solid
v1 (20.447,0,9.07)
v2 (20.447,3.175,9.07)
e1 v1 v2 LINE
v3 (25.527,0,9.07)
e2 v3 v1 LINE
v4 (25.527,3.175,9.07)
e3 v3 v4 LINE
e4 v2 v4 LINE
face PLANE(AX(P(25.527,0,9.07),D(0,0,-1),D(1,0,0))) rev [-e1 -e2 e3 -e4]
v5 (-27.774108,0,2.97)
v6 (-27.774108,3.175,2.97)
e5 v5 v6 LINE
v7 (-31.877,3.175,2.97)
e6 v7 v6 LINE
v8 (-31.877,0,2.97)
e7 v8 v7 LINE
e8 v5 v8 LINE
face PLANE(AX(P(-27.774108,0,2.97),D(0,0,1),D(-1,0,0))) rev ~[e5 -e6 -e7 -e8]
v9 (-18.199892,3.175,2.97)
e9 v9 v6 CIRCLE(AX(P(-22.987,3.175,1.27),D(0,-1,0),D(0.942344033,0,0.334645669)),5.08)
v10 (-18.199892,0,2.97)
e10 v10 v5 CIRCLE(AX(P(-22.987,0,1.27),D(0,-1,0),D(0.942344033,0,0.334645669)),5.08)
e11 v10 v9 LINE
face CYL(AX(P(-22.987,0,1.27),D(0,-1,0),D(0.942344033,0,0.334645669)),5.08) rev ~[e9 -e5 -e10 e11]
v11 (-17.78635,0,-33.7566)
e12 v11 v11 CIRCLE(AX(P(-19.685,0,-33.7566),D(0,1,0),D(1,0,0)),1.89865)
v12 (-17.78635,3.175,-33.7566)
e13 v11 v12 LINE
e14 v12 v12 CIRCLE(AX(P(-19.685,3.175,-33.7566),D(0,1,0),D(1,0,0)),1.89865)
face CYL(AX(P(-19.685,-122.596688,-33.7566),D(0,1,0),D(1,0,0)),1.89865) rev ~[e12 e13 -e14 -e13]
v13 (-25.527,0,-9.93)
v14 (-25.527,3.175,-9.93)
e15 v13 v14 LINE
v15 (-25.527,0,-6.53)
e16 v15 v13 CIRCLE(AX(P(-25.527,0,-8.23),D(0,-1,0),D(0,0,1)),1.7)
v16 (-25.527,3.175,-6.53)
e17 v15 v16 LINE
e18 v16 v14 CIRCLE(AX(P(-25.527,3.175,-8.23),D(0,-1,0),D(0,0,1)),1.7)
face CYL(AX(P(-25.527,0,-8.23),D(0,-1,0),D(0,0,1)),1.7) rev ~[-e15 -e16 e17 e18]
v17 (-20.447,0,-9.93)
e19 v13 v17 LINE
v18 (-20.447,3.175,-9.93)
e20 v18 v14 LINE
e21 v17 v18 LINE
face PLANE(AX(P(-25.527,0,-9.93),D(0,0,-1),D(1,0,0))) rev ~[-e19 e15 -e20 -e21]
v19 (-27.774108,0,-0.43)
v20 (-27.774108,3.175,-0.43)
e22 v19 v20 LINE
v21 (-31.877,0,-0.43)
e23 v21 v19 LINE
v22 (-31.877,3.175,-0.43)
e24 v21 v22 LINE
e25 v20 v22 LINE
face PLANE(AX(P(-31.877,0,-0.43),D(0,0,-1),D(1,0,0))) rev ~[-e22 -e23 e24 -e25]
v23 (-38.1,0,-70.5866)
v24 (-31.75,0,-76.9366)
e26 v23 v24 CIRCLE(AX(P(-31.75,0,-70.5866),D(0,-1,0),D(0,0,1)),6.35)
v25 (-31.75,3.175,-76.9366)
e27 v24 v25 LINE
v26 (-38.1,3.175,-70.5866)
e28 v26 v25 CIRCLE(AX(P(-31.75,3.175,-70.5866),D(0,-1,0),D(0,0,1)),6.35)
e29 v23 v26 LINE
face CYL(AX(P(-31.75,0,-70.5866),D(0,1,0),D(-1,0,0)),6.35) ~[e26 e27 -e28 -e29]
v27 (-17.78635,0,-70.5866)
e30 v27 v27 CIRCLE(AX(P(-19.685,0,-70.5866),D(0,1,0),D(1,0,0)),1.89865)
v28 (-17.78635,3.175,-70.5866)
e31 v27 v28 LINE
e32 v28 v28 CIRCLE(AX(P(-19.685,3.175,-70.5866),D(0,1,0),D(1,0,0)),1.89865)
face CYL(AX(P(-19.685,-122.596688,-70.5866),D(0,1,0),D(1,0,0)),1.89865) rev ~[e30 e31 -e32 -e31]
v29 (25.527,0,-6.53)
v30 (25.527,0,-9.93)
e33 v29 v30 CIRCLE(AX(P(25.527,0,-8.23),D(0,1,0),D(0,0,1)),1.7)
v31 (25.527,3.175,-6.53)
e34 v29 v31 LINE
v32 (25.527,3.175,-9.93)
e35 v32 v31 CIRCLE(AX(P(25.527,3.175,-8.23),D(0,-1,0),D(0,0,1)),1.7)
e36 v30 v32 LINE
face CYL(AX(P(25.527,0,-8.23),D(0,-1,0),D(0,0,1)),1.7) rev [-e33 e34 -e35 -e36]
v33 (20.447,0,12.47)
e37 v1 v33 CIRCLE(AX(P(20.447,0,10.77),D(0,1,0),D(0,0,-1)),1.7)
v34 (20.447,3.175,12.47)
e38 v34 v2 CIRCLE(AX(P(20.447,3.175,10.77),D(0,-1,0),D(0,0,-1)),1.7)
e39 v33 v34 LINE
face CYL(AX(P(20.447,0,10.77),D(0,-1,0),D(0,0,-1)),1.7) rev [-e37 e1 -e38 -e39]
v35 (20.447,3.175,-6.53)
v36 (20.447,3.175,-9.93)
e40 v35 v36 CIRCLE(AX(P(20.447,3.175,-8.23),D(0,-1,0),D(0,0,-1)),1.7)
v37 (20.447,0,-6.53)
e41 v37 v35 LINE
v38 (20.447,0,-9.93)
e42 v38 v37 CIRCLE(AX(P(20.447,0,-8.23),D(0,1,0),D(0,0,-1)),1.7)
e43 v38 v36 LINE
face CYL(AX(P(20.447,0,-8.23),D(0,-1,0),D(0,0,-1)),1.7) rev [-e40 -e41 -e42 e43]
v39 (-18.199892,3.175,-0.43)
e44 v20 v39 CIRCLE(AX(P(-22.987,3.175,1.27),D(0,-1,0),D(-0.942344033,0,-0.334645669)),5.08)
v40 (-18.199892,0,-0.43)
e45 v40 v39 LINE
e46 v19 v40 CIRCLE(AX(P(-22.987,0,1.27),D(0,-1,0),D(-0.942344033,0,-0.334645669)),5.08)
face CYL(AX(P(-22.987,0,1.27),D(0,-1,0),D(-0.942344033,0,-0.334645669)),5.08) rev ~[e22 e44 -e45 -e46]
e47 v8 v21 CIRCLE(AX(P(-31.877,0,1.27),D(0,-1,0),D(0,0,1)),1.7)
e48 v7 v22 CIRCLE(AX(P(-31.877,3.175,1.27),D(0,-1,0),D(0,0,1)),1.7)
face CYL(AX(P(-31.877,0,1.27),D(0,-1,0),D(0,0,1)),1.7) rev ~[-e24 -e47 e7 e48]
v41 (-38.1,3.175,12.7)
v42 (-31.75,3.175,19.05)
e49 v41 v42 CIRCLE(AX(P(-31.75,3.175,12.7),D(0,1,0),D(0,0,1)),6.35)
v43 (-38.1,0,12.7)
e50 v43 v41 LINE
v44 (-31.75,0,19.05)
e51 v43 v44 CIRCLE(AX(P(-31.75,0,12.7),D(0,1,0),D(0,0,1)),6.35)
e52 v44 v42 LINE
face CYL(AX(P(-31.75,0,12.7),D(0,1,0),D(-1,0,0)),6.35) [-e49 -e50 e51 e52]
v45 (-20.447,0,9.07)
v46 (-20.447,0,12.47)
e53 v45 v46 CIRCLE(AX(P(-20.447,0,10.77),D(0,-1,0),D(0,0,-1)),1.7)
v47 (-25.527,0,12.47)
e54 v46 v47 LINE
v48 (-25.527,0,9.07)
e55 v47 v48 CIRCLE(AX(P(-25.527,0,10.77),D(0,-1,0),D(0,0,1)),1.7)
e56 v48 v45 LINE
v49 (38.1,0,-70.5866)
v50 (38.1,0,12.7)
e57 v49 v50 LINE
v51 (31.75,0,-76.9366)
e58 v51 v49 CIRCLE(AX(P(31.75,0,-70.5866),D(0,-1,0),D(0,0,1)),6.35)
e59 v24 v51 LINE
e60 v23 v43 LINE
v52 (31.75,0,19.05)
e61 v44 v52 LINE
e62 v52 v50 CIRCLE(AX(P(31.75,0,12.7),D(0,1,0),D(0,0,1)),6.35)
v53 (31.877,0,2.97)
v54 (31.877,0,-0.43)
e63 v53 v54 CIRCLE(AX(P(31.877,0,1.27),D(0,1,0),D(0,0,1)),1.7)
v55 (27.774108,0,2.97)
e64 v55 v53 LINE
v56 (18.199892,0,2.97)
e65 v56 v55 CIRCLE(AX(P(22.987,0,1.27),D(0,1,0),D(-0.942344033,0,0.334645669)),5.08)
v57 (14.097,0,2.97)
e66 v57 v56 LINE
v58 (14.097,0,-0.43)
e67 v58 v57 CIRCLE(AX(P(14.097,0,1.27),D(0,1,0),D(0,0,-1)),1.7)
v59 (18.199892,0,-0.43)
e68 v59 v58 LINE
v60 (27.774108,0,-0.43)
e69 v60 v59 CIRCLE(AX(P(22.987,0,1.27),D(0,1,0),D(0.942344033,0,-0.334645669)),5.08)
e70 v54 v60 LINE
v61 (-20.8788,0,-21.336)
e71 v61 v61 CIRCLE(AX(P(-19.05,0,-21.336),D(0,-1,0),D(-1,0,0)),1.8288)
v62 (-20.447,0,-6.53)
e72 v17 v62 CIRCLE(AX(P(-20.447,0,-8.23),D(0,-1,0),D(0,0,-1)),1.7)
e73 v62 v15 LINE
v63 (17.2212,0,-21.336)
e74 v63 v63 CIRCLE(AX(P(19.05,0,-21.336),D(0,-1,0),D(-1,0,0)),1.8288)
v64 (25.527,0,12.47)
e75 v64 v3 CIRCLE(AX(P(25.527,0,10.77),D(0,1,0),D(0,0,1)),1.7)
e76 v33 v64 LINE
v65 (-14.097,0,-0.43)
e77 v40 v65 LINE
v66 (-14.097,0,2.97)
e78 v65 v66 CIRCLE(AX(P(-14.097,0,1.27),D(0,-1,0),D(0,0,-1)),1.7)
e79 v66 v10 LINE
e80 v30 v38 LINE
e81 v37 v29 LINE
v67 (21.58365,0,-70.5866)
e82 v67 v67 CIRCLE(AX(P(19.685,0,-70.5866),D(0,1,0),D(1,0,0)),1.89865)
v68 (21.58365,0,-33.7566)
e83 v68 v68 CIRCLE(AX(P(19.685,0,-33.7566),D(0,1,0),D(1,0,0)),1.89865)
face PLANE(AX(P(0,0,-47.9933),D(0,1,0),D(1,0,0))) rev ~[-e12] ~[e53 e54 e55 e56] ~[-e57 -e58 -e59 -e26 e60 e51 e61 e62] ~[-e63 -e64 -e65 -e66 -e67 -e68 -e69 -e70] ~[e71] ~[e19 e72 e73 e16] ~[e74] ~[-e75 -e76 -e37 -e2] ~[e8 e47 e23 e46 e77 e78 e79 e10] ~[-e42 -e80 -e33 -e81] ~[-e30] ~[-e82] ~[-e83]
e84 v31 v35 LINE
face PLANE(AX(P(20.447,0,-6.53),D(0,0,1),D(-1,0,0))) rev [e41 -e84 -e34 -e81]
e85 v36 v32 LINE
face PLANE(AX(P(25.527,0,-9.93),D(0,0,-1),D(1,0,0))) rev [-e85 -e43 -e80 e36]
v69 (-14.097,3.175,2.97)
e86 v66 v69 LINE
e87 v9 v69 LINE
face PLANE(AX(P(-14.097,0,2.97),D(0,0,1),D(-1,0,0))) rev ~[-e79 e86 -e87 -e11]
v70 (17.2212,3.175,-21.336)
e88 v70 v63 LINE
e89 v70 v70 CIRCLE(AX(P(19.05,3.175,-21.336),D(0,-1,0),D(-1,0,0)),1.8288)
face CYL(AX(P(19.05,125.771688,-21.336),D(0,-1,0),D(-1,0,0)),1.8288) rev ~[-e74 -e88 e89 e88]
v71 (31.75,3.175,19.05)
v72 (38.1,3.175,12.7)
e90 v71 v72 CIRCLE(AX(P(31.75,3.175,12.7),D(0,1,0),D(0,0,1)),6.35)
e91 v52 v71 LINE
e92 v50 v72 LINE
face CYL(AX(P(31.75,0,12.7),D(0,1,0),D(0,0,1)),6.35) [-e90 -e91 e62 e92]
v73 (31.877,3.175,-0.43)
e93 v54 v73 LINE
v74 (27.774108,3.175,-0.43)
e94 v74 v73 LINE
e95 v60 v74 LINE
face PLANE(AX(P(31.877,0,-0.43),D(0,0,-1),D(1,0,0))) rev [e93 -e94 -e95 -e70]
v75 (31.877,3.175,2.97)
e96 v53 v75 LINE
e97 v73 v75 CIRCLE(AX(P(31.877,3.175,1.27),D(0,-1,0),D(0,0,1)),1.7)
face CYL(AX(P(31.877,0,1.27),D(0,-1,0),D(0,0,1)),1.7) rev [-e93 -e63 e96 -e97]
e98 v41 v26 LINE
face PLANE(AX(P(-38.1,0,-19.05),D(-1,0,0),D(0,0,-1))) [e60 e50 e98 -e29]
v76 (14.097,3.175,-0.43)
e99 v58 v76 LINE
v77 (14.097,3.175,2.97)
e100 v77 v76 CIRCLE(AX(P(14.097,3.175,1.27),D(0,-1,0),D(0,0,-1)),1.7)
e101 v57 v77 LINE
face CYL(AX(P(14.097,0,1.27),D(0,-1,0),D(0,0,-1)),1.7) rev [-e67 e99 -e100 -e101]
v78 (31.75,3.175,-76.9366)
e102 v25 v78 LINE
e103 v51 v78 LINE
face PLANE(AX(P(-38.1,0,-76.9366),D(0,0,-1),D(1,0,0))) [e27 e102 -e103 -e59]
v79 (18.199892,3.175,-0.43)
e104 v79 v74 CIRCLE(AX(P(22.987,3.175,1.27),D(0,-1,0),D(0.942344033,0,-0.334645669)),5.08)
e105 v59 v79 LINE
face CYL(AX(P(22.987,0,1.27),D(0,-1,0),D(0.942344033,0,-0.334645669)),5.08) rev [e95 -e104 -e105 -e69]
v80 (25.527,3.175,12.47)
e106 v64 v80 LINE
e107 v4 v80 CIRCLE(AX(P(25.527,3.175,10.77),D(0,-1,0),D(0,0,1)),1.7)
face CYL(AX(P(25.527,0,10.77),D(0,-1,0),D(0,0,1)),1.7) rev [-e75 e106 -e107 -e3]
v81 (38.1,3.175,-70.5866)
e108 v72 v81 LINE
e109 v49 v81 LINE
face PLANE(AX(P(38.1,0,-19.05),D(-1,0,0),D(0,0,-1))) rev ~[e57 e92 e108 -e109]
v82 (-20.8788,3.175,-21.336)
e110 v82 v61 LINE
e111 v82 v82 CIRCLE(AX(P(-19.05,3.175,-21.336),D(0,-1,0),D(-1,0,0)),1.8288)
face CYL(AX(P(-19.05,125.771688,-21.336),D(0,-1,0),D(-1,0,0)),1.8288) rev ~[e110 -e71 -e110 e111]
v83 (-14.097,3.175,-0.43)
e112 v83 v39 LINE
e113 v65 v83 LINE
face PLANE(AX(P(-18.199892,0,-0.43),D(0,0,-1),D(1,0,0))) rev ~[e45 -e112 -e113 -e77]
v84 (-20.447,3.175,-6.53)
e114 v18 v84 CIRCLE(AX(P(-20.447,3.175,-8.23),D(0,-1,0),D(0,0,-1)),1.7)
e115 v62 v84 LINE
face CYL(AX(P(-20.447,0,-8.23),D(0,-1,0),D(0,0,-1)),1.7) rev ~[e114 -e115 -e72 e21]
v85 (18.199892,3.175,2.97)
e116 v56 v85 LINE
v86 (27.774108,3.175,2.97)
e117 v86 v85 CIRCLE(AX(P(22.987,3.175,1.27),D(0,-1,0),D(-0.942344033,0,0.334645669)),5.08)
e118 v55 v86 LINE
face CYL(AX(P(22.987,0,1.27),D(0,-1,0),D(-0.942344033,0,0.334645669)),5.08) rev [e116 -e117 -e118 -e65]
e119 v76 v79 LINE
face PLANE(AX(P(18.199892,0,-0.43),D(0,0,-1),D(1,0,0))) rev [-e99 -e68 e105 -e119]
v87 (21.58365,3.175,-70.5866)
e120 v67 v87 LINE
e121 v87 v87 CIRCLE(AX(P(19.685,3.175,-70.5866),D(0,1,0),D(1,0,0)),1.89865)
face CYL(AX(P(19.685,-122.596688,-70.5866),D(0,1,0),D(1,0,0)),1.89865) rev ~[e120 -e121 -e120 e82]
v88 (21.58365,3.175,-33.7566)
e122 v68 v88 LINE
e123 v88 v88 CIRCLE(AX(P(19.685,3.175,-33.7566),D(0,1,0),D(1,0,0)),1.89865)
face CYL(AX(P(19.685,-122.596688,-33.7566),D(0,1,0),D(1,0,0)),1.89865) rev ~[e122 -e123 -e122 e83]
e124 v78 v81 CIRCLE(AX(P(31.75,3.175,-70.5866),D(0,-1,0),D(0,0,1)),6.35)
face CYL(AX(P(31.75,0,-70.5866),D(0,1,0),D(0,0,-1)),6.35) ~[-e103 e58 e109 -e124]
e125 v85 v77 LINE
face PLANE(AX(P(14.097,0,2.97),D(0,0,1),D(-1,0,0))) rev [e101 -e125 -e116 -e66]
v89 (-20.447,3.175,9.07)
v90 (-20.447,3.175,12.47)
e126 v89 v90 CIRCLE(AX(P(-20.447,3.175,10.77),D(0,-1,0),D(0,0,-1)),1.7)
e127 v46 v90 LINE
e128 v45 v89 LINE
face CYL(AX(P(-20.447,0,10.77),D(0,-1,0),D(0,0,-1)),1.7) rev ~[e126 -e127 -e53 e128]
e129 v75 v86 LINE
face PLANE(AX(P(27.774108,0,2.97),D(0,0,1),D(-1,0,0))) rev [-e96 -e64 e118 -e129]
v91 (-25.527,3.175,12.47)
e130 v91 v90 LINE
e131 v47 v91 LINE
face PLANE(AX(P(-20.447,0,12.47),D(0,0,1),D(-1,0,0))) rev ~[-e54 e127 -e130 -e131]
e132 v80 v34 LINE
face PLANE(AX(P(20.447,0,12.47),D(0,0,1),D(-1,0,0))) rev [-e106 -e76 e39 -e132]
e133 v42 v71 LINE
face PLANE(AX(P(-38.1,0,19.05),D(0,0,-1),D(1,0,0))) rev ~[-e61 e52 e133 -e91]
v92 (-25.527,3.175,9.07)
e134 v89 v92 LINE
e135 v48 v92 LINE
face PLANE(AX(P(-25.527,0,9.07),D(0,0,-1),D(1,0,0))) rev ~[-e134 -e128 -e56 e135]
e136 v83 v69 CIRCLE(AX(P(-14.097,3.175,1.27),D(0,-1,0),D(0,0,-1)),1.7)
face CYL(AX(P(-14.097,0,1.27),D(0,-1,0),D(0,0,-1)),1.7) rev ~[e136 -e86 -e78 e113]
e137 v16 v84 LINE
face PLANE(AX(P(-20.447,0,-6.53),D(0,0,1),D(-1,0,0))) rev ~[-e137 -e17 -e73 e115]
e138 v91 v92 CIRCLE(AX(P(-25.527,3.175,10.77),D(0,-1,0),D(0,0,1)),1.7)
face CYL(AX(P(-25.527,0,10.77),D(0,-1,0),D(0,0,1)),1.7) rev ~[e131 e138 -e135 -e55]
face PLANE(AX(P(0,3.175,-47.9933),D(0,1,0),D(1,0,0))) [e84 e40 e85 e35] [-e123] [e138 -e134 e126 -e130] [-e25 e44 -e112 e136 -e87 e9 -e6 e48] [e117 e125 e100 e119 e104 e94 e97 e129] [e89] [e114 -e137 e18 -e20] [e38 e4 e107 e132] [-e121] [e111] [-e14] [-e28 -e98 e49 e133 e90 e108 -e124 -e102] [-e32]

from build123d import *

# Parameters (mm, degrees)
SKETCH1_W             = 76.2
SKETCH1_H             = 38.1
BOSS_EXTRUDE1_DEPTH   = 3.175
CUT_EXTRUDE1_DEPTH    = 43.715256349
SKETCH5_W             = 76.2
SKETCH5_H             = 57.8866
BOSS_EXTRUDE3_DEPTH   = 3.175
F_6_CLEARANCE_HOLE1_D = 3.6576
FILLET1_R             = 6.35
F_6_CLEARANCE_HOLE2_D = 3.7973


with BuildPart() as part:
    # Sketch1 → Boss-Extrude1 (new body)
    with BuildSketch(Plane(origin=(0, 0, 0), x_dir=(1, 0, 0), z_dir=(0, 1, 0))):
        Rectangle(SKETCH1_W, SKETCH1_H)
    extrude(amount=BOSS_EXTRUDE1_DEPTH)

    # Sketch3 → Cut-Extrude1 (cut, through all)
    with BuildSketch(Plane.XZ):
        with BuildLine():
            Line((-20.447, 12.47), (-25.527, 12.47))
            ThreePointArc((-25.527, 12.47), (-27.227, 10.77), (-25.527, 9.07))
            Line((-25.527, 9.07), (-20.447, 9.07))
            ThreePointArc((-20.447, 9.07), (-18.747, 10.77), (-20.447, 12.47))
        make_face()
        with BuildLine():
            Line((-27.774107686, 2.97), (-31.877, 2.97))
            ThreePointArc((-31.877, 2.97), (-33.577, 1.27), (-31.877, -0.43))
            Line((-31.877, -0.43), (-27.774107686, -0.43))
            ThreePointArc((-27.774107686, -0.43), (-28.067, 1.27), (-27.774107686, 2.97))
        make_face()
        with BuildLine():
            Line((-18.199892314, 2.97), (-27.774107686, 2.97))
            ThreePointArc((-27.774107686, 2.97), (-28.067, 1.27), (-27.774107686, -0.43))
            Line((-27.774107686, -0.43), (-18.199892314, -0.43))
            ThreePointArc((-18.199892314, -0.43), (-17.980758543, 0.40747668), (-17.907, 1.27))
            ThreePointArc((-17.907, 1.27), (-17.980758543, 2.13252332), (-18.199892314, 2.97))
        make_face()
        with BuildLine():
            ThreePointArc((-18.199892314, 2.97), (-22.987, 6.35), (-27.774107686, 2.97))
            Line((-27.774107686, 2.97), (-18.199892314, 2.97))
        make_face()
        with BuildLine():
            Line((-14.097, 2.97), (-18.199892314, 2.97))
            ThreePointArc((-18.199892314, 2.97), (-17.980758543, 2.13252332), (-17.907, 1.27))
            ThreePointArc((-17.907, 1.27), (-17.980758543, 0.40747668), (-18.199892314, -0.43))
            Line((-18.199892314, -0.43), (-14.097, -0.43))
            ThreePointArc((-14.097, -0.43), (-12.397, 1.27), (-14.097, 2.97))
        make_face()
        with BuildLine():
            Line((-18.199892314, -0.43), (-27.774107686, -0.43))
            ThreePointArc((-27.774107686, -0.43), (-22.987, -3.81), (-18.199892314, -0.43))
        make_face()
        with BuildLine():
            Line((-25.527, -9.93), (-20.447, -9.93))
            ThreePointArc((-20.447, -9.93), (-18.747, -8.23), (-20.447, -6.53))
            Line((-20.447, -6.53), (-25.527, -6.53))
            ThreePointArc((-25.527, -6.53), (-27.227, -8.23), (-25.527, -9.93))
        make_face()
    cut_extrude1 = extrude(amount=-CUT_EXTRUDE1_DEPTH, mode=Mode.SUBTRACT)

    # Mirror1: Cut-Extrude1 across plane
    add(cut_extrude1.mirror(Plane(origin=(0, 0, 0), x_dir=(0, 0, 1), z_dir=(1, 0, 0))), mode=Mode.SUBTRACT)

    # Sketch5 → Boss-Extrude3 (add)
    with BuildSketch(Plane(origin=(0, 0, 0), x_dir=(1, 0, 0), z_dir=(0, 1, 0))):
        with Locations((0, 47.9933)):
            Rectangle(SKETCH5_W, SKETCH5_H)
    extrude(amount=BOSS_EXTRUDE3_DEPTH)

    # #6 Clearance Hole1 (through all)
    with Locations(Plane(origin=(0, 3.175, 0), x_dir=(1, 0, 0), z_dir=(0, 1, 0))):
        with Locations((-19.05, 21.336), (19.05, 21.336)):
            Hole(F_6_CLEARANCE_HOLE1_D / 2)

    # Fillet1
    fillet1_edges = [part.edges().sort_by_distance(p)[0] for p in [
        (-38.1, 1.5875, -76.9366),
        (38.1, 1.5875, -76.9366),
        (38.1, 1.5875, 19.05),
        (-38.1, 1.5875, 19.05),
    ]]
    fillet(fillet1_edges, radius=FILLET1_R)

    # #6 Clearance Hole2 (through all)
    with Locations(Plane(origin=(0, 0, 0), x_dir=(-1, 0, 0), z_dir=(0, -1, 0))):
        with Locations((19.685, 70.5866), (19.685, 33.7566), (-19.685, 70.5866), (-19.685, 33.7566)):
            Hole(F_6_CLEARANCE_HOLE2_D / 2)


solid = part.part
